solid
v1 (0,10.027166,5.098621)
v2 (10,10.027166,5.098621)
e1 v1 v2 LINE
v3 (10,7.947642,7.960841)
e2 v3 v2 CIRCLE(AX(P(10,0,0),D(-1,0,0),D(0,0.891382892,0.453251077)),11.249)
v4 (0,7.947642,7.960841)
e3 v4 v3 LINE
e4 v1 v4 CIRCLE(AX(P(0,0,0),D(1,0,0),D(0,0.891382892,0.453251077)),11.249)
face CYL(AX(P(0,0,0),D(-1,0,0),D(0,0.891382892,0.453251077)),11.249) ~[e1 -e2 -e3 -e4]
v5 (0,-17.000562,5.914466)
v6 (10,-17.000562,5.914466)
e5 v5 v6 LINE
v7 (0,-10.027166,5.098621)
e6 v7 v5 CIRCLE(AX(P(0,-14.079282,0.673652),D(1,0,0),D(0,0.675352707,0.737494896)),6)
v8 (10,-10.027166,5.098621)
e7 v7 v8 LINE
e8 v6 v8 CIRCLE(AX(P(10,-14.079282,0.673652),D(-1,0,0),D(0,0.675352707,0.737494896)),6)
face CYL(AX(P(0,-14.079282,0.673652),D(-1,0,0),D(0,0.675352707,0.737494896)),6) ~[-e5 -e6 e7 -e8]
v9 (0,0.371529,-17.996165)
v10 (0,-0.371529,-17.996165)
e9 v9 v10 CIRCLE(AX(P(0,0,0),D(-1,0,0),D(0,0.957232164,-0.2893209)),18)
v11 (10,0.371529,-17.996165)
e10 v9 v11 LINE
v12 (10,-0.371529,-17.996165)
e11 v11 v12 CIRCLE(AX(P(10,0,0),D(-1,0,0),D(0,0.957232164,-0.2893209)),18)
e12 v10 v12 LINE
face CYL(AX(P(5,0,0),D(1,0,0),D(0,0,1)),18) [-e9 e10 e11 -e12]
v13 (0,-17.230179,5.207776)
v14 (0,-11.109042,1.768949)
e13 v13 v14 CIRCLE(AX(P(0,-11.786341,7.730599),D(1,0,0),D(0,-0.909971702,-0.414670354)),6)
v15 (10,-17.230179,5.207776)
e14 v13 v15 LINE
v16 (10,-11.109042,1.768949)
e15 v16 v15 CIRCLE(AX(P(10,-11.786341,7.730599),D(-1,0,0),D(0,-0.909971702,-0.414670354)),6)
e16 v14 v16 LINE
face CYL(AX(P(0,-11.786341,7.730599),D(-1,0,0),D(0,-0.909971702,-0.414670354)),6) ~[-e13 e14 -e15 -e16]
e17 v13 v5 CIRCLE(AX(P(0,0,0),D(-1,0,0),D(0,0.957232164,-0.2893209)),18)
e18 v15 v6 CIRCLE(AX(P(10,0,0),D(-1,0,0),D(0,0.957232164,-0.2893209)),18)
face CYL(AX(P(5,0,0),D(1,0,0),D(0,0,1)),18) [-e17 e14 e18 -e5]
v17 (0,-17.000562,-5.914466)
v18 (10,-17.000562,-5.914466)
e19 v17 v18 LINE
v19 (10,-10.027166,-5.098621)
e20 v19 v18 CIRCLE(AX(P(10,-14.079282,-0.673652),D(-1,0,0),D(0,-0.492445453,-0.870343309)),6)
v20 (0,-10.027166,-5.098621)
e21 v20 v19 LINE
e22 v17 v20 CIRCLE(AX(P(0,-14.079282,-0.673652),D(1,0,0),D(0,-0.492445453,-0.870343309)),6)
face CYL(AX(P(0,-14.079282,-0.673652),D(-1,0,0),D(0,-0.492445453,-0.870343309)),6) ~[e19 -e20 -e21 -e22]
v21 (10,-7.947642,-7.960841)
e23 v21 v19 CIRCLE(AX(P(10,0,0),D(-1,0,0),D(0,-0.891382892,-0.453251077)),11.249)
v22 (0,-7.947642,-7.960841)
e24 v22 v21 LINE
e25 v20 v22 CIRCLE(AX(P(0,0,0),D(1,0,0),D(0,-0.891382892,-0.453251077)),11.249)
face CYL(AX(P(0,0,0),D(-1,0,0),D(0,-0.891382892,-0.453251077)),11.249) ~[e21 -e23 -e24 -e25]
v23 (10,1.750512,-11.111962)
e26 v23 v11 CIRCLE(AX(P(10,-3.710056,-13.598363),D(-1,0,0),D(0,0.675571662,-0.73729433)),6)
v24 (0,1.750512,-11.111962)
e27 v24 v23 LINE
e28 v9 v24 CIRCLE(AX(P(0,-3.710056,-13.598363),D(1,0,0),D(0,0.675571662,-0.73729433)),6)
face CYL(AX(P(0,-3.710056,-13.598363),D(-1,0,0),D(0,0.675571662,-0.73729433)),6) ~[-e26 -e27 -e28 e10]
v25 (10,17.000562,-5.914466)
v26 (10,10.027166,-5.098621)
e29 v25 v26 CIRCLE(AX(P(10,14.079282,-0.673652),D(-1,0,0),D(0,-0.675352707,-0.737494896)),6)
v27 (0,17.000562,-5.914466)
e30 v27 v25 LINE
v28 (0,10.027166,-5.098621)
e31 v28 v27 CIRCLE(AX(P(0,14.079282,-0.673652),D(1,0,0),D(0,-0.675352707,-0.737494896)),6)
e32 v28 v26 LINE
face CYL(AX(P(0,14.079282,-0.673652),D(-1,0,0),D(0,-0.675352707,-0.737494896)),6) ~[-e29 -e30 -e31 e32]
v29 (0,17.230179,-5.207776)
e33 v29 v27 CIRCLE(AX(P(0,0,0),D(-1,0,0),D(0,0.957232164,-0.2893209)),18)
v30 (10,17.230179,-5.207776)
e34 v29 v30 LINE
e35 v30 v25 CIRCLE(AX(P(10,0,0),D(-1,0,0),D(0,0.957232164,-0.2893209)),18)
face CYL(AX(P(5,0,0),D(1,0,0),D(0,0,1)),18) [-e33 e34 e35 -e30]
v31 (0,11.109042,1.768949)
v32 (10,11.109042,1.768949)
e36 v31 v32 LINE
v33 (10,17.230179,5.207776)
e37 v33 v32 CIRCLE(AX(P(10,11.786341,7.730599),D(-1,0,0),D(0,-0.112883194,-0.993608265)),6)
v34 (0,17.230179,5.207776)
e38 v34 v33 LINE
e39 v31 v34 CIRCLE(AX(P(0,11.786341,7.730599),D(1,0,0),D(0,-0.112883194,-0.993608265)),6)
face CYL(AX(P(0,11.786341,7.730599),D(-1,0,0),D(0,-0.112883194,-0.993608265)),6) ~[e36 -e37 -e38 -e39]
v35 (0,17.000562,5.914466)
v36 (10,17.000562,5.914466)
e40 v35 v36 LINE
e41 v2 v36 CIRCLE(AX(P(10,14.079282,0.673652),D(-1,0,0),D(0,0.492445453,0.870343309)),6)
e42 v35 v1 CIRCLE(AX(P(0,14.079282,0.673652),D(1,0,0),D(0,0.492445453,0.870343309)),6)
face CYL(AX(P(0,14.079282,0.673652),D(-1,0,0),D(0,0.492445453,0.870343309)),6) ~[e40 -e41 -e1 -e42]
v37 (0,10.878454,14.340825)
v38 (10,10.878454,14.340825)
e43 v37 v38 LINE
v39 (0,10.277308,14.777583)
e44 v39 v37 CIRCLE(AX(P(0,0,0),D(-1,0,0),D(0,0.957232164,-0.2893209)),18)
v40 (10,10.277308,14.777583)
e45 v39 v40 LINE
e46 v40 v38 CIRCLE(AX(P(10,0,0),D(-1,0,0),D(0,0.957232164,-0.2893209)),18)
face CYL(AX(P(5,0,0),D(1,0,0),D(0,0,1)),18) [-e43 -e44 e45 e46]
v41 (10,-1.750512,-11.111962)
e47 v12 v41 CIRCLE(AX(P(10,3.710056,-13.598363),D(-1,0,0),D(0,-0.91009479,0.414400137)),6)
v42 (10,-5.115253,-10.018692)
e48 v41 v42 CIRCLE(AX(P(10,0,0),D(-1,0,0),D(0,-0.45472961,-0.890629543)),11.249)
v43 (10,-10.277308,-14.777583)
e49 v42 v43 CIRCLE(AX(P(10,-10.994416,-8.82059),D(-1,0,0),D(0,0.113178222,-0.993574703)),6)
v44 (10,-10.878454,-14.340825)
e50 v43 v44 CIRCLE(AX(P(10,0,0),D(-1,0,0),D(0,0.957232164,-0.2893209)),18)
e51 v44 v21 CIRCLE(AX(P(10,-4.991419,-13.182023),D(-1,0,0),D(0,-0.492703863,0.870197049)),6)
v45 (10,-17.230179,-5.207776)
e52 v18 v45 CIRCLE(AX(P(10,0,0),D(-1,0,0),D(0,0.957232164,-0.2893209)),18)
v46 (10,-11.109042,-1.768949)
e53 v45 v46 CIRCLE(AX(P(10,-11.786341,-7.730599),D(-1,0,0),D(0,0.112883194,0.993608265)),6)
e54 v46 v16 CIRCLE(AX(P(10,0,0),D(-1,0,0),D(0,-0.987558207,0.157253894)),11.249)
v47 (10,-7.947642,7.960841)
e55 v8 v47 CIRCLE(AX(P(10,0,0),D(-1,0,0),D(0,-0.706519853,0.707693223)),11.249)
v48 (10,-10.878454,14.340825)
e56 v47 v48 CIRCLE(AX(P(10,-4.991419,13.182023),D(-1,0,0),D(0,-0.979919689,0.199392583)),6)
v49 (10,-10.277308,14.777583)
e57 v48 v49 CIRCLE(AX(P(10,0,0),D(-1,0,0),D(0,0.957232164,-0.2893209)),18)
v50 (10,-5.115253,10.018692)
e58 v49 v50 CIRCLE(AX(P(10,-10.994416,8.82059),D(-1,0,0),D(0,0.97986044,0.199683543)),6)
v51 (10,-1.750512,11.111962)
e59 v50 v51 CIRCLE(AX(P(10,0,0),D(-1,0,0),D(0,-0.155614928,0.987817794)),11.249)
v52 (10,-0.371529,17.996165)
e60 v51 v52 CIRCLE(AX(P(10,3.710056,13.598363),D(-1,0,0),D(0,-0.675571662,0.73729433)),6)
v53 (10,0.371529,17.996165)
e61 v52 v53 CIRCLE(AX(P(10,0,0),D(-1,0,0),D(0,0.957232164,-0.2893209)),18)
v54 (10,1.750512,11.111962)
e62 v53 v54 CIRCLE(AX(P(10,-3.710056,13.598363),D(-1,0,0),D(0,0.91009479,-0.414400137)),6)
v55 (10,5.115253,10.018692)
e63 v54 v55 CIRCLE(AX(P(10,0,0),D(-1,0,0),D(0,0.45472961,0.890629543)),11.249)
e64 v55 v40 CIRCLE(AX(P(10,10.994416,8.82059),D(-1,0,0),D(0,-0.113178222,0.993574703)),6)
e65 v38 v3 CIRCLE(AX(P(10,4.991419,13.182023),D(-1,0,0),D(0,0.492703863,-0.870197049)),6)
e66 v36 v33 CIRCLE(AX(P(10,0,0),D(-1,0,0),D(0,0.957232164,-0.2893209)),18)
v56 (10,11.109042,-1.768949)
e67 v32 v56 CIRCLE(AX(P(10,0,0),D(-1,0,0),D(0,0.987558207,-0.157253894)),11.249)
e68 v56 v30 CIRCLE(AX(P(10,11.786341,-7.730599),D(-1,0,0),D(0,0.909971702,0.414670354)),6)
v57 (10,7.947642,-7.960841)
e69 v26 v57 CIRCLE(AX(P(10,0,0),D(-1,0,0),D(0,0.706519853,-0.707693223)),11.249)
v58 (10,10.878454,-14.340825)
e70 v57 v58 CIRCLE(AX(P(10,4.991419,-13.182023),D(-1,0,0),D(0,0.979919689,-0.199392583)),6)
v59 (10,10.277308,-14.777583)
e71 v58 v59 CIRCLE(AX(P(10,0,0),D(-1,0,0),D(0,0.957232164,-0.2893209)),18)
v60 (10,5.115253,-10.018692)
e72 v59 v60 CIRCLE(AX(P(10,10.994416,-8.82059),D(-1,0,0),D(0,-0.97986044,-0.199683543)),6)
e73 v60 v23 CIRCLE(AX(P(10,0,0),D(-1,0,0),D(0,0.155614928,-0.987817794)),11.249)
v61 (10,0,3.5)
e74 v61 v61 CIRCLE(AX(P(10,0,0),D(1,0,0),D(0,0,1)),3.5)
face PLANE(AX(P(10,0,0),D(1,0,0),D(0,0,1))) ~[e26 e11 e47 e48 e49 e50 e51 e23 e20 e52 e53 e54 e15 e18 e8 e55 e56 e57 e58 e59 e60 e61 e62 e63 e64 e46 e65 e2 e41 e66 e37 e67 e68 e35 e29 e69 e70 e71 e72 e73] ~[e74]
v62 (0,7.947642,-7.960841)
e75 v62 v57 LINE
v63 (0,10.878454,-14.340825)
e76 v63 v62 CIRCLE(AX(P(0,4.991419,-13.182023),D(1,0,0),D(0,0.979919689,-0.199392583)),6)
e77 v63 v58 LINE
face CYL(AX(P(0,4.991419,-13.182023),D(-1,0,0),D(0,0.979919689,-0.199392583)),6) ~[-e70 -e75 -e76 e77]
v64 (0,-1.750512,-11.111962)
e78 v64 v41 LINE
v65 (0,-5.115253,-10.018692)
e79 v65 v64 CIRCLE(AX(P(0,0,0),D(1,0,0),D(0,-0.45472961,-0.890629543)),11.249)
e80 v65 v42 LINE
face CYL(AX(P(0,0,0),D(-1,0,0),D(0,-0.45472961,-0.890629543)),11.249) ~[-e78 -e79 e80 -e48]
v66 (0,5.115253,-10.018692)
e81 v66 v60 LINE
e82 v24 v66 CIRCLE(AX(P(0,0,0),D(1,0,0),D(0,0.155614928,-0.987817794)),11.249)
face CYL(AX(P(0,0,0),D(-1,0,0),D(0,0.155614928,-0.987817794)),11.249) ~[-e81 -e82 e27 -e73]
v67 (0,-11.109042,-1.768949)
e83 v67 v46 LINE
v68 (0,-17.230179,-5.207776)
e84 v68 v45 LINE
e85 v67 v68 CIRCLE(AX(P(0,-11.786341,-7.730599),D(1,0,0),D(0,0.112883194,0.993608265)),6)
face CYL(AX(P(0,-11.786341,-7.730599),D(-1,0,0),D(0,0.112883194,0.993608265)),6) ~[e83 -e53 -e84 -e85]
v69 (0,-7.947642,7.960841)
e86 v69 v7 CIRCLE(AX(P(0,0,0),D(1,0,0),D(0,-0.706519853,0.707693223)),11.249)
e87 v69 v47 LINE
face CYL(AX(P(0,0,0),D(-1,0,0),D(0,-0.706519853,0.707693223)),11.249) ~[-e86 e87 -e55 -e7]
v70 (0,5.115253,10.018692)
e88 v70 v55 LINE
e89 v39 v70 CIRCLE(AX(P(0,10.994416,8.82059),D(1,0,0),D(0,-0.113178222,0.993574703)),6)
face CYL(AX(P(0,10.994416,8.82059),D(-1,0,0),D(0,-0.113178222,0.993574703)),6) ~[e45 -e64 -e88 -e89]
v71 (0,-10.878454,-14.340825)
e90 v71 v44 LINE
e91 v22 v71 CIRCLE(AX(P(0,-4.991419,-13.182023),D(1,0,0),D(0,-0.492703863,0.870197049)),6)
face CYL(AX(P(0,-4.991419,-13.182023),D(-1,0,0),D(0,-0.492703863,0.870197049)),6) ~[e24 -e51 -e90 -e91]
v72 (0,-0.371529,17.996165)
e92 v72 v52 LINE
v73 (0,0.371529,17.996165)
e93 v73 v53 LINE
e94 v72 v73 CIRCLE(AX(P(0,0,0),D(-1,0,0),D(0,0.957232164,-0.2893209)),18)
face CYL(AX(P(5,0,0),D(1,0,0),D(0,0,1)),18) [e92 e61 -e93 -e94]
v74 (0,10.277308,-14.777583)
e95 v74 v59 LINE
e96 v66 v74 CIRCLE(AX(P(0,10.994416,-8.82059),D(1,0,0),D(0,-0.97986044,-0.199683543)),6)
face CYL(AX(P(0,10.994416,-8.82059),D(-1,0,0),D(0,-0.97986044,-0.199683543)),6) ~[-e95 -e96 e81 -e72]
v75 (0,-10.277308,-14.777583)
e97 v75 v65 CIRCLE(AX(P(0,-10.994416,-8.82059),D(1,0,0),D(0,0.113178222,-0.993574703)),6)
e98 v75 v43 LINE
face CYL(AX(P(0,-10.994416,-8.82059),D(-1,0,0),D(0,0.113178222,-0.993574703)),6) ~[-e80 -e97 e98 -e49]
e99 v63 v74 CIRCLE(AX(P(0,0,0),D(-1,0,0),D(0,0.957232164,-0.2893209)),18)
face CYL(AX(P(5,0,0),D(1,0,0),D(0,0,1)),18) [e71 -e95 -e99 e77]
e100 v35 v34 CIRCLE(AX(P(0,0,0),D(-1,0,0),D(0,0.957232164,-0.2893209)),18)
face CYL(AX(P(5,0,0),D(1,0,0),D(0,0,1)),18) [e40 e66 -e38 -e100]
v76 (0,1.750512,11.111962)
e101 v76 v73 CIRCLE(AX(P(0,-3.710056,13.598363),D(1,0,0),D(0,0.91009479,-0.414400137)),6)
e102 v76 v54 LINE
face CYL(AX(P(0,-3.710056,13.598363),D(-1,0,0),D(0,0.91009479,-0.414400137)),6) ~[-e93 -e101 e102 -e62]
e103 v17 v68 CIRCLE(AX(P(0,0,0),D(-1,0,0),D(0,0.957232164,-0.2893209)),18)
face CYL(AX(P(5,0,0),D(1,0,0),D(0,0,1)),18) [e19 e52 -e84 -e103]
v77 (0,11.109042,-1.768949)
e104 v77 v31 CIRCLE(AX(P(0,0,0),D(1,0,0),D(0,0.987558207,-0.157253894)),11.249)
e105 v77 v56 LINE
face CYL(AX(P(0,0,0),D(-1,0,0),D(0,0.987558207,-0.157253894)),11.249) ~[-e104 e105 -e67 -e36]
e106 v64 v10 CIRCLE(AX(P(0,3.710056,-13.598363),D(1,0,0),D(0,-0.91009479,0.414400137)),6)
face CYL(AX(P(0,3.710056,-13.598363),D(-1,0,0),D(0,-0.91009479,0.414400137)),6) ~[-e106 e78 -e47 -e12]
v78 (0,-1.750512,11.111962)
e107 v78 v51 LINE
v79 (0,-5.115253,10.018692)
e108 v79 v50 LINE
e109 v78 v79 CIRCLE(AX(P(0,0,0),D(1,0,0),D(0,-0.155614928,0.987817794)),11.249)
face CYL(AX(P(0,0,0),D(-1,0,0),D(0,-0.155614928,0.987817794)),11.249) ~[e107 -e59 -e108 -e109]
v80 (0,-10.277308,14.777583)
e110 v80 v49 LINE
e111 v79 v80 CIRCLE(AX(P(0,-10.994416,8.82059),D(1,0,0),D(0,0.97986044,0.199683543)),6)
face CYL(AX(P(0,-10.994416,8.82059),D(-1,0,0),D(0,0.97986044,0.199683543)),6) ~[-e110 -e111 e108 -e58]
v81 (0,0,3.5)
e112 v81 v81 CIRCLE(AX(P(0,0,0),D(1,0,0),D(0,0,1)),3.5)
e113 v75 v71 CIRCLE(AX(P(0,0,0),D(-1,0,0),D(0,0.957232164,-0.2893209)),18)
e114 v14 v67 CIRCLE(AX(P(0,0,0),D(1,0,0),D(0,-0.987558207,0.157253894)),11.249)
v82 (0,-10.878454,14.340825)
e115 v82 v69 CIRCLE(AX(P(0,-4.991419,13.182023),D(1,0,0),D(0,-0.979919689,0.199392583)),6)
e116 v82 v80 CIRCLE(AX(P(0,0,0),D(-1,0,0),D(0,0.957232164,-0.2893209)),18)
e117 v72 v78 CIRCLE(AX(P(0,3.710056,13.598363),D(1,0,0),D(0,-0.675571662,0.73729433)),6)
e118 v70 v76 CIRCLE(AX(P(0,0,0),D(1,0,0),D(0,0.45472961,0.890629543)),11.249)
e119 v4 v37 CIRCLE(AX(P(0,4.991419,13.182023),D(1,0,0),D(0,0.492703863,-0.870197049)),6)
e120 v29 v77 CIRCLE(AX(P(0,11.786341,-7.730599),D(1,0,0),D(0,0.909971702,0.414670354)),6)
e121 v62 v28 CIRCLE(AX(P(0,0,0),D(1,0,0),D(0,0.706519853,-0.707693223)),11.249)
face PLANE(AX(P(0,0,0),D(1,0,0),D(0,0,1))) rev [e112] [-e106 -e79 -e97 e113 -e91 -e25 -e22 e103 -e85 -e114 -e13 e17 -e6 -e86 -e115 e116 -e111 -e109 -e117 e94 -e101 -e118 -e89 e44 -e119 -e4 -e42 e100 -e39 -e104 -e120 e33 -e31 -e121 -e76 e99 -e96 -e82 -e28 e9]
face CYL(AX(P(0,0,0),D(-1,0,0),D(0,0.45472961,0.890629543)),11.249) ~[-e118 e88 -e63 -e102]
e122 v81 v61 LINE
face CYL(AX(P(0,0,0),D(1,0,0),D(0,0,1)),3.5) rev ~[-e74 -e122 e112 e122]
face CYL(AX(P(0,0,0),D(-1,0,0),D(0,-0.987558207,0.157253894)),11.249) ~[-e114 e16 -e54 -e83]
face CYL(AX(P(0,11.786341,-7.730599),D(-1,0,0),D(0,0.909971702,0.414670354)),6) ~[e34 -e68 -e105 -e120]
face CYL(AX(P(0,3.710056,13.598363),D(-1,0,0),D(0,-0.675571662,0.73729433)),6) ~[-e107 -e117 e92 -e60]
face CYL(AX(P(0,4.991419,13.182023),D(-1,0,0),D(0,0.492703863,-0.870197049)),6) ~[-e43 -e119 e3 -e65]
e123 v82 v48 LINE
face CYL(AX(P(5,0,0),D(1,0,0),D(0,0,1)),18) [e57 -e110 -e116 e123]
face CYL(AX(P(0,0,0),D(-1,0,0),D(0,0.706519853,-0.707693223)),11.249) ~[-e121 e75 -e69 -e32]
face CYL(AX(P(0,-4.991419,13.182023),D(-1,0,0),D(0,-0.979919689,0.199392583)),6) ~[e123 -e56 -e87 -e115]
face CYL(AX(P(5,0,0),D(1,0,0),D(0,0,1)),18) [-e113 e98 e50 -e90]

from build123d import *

# Parameters (mm, degrees)
BASPROSKE_W     = 10
BASPROSKE_H     = 18
TOOTHCUT_DEPTH  = 28.349588662
TEETHCUTS_COUNT = 10
TEETHCUTS_ANGLE = 324
BORSKE_R        = 3.5
BORE_DEPTH      = 50.0000508


with BuildPart() as part:
    # BasProSke → Base-Revolve (revolve)
    with BuildSketch(Plane(origin=(0, 0, 0), x_dir=(1, 0, 0), z_dir=(0, 1, 0)), mode=Mode.PRIVATE) as base_revolve_sk:
        with Locations((5, 9)):
            Rectangle(BASPROSKE_W, BASPROSKE_H)
    revolve(base_revolve_sk.sketch.rotate(Axis((-10, 0, 0), (1, 0, 0)), 180), axis=Axis((-10, 0, 0), (1, 0, 0)))

    # TooCutSke → ToothCut (cut, through all)
    with BuildSketch(Plane(origin=(0, 0, 0), x_dir=(0, 0, -1), z_dir=(1, 0, 0))):
        with BuildLine():
            ThreePointArc((1.768949054, 11.109042274), (0, 11.249), (-1.768949054, 11.109042274))
            ThreePointArc((-1.768949054, 11.109042274), (-2.508977513, 14.741789417), (-5.242576524, 17.246171649))
            ThreePointArc((-5.242576524, 17.246171649), (0, 18.0254), (5.242576524, 17.246171649))
            ThreePointArc((5.242576524, 17.246171649), (2.508977513, 14.741789417), (1.768949054, 11.109042274))
        make_face()
    toothcut = extrude(amount=TOOTHCUT_DEPTH, mode=Mode.SUBTRACT)

    # TeethCuts: ToothCut ×10 about axis
    teethcuts_axis = Axis((-10, 0, 0), (1, 0, 0))
    for i in range(1, TEETHCUTS_COUNT):
        add(toothcut.rotate(teethcuts_axis, i * TEETHCUTS_ANGLE / (TEETHCUTS_COUNT - 1)), mode=Mode.SUBTRACT)

    # BorSke → Bore (cut, symmetric)
    with BuildSketch(Plane(origin=(0, 0, 0), x_dir=(0, 0, -1), z_dir=(1, 0, 0))):
        with Locations(Location((0, 0, 0), (0, 0, 180))):
            Circle(BORSKE_R)
    extrude(amount=BORE_DEPTH, both=True, mode=Mode.SUBTRACT)


solid = part.part
